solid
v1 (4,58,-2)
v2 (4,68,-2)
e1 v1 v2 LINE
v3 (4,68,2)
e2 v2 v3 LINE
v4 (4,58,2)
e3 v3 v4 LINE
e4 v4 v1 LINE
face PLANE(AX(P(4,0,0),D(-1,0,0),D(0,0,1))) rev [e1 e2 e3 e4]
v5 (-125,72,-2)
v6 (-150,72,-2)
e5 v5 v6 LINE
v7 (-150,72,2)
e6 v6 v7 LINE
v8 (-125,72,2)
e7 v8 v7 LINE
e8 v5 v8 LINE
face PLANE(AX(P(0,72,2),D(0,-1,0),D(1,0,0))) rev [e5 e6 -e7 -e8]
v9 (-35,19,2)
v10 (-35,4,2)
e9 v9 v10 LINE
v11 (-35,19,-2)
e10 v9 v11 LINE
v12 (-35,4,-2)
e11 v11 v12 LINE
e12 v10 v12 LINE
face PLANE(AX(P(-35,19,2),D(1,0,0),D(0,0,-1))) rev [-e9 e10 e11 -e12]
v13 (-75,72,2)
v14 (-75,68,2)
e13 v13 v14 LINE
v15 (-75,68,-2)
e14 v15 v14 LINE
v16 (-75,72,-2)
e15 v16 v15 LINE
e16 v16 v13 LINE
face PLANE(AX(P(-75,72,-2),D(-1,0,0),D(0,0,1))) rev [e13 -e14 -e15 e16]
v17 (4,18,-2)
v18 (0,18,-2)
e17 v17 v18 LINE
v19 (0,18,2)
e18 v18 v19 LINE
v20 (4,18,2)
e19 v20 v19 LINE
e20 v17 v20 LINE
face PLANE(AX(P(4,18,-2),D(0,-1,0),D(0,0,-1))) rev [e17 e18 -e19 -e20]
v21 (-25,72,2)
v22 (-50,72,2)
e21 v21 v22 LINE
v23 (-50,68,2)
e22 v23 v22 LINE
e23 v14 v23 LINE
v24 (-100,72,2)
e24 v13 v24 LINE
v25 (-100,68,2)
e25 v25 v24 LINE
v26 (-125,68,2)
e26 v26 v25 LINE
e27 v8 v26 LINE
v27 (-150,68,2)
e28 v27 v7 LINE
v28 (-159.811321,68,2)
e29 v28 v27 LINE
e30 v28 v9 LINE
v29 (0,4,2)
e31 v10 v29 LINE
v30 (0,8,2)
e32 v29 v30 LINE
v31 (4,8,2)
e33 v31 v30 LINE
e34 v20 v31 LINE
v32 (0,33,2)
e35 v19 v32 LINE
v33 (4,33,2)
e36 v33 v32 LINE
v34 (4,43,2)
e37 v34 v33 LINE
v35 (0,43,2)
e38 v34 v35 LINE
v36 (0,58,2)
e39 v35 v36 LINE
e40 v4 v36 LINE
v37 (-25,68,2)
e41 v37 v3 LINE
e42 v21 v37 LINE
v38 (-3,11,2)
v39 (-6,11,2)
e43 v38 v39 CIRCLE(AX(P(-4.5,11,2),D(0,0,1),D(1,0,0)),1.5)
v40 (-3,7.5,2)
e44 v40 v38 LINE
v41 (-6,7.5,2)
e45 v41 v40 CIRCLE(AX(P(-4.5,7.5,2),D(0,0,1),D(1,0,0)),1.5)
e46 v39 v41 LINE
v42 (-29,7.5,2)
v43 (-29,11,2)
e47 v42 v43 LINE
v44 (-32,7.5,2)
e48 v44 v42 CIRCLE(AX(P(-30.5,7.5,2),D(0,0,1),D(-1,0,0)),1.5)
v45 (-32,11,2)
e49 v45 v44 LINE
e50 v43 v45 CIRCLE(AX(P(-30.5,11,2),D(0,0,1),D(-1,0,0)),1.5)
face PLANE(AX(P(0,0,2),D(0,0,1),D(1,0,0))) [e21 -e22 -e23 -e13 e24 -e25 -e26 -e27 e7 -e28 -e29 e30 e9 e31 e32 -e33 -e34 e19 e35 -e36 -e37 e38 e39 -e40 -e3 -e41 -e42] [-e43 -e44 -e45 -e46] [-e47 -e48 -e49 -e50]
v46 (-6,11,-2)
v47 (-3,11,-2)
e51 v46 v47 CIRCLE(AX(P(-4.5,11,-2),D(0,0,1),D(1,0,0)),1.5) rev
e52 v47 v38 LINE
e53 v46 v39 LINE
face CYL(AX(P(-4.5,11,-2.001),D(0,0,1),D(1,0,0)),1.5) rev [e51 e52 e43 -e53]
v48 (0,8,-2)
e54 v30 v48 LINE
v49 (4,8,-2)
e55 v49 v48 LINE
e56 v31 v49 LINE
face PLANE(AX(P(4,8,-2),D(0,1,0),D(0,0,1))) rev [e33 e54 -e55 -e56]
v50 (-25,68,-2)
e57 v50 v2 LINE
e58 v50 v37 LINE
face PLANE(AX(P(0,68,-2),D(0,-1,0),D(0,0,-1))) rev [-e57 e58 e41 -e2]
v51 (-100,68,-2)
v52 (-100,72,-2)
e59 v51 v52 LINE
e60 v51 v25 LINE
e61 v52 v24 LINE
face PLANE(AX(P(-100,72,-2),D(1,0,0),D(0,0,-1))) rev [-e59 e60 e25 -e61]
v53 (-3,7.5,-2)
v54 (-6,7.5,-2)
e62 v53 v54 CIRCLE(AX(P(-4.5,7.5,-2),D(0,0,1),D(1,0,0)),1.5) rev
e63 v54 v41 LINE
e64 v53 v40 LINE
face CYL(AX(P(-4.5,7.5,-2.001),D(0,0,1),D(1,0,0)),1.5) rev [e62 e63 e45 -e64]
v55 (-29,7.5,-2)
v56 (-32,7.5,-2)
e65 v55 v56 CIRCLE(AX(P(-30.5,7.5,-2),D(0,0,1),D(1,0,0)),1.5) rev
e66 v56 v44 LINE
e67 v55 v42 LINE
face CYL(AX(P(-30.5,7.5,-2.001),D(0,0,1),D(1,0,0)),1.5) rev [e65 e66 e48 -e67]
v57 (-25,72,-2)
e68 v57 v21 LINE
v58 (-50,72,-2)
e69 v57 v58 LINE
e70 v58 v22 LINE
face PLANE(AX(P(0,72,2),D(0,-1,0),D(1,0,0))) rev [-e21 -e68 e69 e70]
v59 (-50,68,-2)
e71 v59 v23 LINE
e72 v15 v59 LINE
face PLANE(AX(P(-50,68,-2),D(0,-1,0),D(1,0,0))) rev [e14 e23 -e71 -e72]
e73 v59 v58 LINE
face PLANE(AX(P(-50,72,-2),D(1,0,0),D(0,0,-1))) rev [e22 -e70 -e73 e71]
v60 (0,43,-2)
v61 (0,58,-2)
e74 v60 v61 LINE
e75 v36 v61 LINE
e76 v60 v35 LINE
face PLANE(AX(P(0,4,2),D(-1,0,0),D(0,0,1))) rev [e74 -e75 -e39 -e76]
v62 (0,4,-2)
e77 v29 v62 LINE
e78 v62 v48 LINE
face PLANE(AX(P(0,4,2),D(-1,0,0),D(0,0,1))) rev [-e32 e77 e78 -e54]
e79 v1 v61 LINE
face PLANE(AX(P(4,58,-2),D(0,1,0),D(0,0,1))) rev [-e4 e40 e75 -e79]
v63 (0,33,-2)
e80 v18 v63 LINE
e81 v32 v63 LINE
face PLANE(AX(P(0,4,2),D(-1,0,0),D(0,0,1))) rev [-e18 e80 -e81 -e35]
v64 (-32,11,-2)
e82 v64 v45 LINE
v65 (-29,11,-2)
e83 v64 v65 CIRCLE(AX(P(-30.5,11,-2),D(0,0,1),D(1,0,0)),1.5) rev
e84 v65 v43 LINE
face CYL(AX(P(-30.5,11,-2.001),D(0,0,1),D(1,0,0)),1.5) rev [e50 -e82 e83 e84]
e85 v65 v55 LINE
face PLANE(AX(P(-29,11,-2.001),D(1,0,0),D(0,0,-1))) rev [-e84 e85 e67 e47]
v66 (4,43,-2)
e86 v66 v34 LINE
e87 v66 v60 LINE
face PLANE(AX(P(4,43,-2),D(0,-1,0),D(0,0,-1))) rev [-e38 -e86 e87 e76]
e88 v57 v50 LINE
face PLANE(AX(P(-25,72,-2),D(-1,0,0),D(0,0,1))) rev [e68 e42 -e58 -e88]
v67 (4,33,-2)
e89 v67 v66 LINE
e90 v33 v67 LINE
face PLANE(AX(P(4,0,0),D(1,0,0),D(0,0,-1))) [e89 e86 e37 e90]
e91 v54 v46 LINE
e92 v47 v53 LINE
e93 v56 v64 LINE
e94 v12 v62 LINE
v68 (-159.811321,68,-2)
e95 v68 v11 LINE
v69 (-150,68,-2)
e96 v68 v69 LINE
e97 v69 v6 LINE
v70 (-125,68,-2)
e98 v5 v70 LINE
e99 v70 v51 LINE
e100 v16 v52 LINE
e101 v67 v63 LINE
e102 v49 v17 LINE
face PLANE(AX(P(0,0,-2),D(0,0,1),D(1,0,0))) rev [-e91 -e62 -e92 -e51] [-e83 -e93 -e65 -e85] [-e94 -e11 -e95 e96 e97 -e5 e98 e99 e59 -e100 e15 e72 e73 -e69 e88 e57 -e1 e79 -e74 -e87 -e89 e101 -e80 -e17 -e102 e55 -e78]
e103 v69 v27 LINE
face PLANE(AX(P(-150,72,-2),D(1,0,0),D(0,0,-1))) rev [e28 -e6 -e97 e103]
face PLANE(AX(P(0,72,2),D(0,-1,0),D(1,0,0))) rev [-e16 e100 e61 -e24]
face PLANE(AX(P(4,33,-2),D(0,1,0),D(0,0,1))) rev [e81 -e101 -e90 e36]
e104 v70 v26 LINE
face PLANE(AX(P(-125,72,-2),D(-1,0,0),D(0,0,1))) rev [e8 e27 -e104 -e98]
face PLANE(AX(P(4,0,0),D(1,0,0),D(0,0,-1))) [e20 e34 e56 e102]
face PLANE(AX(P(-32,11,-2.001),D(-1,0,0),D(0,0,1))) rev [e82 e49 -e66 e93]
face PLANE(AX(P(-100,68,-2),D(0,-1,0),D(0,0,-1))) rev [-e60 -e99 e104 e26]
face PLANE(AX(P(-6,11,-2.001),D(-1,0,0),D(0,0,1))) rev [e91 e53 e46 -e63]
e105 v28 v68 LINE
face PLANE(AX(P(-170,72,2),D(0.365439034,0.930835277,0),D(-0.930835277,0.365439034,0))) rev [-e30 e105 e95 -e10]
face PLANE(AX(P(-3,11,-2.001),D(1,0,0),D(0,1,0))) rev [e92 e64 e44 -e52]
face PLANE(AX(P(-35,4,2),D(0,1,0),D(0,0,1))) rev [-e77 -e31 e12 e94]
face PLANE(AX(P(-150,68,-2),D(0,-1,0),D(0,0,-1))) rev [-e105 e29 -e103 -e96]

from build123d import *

# Parameters (mm, degrees)
BOSS_EXTRUDE1_DEPTH = 2
CUT_EXTRUDE1_REACH  = 186.662
SKETCH3_W           = 25
SKETCH3_H           = 4
CUT_EXTRUDE2_DEPTH  = 185.661853126
SKETCH4_W           = 4
SKETCH4_H           = 10
BOSS_EXTRUDE2_DEPTH = 4


with BuildPart() as part:
    # Sketch1 → Boss-Extrude1 (new, symmetric)
    with BuildSketch(Plane.XY):
        Polygon((0, 4), (0, 72), (-170, 72), (-35, 19), (-35, 4), align=None)
    extrude(amount=BOSS_EXTRUDE1_DEPTH, both=True)

    # Sketch2 → Cut-Extrude1 (cut, up to next)
    with BuildSketch(Plane.XY.offset(2), mode=Mode.PRIVATE) as cut_extrude1_sk1:
        with BuildLine():
            Line((-3, 11), (-3, 7.5))
            ThreePointArc((-3, 7.5), (-4.5, 6), (-6, 7.5))
            Line((-6, 7.5), (-6, 11))
            ThreePointArc((-6, 11), (-4.5, 12.5), (-3, 11))
        make_face()
    cut_extrude1_tool1 = extrude(cut_extrude1_sk1.sketch, amount=-CUT_EXTRUDE1_REACH, mode=Mode.PRIVATE) & part.part
    # Sketch2 → Cut-Extrude1 (cut, up to next)
    with BuildSketch(Plane.XY.offset(2), mode=Mode.PRIVATE) as cut_extrude1_sk2:
        with BuildLine():
            Line((-32, 11), (-32, 7.5))
            ThreePointArc((-32, 7.5), (-30.5, 6), (-29, 7.5))
            Line((-29, 7.5), (-29, 11))
            ThreePointArc((-29, 11), (-30.5, 12.5), (-32, 11))
        make_face()
    cut_extrude1_tool2 = extrude(cut_extrude1_sk2.sketch, amount=-CUT_EXTRUDE1_REACH, mode=Mode.PRIVATE) & part.part
    add(cut_extrude1_tool1.solids().sort_by_distance((-4.5, 9.25, 2))[0], mode=Mode.SUBTRACT)
    add(cut_extrude1_tool2.solids().sort_by_distance((-30.5, 9.25, 2))[0], mode=Mode.SUBTRACT)

    # Sketch3 → Cut-Extrude2 (cut, through all)
    with BuildSketch(Plane.XY.offset(2)):
        with Locations((-62.5, 70)):
            Rectangle(SKETCH3_W, SKETCH3_H)
        with Locations((-12.5, 70)):
            Rectangle(SKETCH3_W, SKETCH3_H)
        with Locations((-112.5, 70)):
            Rectangle(SKETCH3_W, SKETCH3_H)
        with Locations((-162.5, 70)):
            Rectangle(SKETCH3_W, SKETCH3_H)
        with Locations((-212.5, 70)):
            Rectangle(SKETCH3_W, SKETCH3_H)
        with Locations((-262.5, 70)):
            Rectangle(SKETCH3_W, SKETCH3_H)
        with Locations((-312.5, 70)):
            Rectangle(SKETCH3_W, SKETCH3_H)
        with Locations((-362.5, 70)):
            Rectangle(SKETCH3_W, SKETCH3_H)
        with Locations((-412.5, 70)):
            Rectangle(SKETCH3_W, SKETCH3_H)
        with Locations((-462.5, 70)):
            Rectangle(SKETCH3_W, SKETCH3_H)
    extrude(amount=-CUT_EXTRUDE2_DEPTH, mode=Mode.SUBTRACT)

    # Sketch4 → Boss-Extrude2 (add)
    with BuildSketch(Plane(origin=(0, 0, 0), x_dir=(0, 0, -1), z_dir=(1, 0, 0))):
        with Locations((0, 63)):
            Rectangle(SKETCH4_W, SKETCH4_H)
        with Locations((0, 38)):
            Rectangle(SKETCH4_W, SKETCH4_H)
        with Locations((0, 13)):
            Rectangle(SKETCH4_W, SKETCH4_H)
    extrude(amount=BOSS_EXTRUDE2_DEPTH)


solid = part.part
